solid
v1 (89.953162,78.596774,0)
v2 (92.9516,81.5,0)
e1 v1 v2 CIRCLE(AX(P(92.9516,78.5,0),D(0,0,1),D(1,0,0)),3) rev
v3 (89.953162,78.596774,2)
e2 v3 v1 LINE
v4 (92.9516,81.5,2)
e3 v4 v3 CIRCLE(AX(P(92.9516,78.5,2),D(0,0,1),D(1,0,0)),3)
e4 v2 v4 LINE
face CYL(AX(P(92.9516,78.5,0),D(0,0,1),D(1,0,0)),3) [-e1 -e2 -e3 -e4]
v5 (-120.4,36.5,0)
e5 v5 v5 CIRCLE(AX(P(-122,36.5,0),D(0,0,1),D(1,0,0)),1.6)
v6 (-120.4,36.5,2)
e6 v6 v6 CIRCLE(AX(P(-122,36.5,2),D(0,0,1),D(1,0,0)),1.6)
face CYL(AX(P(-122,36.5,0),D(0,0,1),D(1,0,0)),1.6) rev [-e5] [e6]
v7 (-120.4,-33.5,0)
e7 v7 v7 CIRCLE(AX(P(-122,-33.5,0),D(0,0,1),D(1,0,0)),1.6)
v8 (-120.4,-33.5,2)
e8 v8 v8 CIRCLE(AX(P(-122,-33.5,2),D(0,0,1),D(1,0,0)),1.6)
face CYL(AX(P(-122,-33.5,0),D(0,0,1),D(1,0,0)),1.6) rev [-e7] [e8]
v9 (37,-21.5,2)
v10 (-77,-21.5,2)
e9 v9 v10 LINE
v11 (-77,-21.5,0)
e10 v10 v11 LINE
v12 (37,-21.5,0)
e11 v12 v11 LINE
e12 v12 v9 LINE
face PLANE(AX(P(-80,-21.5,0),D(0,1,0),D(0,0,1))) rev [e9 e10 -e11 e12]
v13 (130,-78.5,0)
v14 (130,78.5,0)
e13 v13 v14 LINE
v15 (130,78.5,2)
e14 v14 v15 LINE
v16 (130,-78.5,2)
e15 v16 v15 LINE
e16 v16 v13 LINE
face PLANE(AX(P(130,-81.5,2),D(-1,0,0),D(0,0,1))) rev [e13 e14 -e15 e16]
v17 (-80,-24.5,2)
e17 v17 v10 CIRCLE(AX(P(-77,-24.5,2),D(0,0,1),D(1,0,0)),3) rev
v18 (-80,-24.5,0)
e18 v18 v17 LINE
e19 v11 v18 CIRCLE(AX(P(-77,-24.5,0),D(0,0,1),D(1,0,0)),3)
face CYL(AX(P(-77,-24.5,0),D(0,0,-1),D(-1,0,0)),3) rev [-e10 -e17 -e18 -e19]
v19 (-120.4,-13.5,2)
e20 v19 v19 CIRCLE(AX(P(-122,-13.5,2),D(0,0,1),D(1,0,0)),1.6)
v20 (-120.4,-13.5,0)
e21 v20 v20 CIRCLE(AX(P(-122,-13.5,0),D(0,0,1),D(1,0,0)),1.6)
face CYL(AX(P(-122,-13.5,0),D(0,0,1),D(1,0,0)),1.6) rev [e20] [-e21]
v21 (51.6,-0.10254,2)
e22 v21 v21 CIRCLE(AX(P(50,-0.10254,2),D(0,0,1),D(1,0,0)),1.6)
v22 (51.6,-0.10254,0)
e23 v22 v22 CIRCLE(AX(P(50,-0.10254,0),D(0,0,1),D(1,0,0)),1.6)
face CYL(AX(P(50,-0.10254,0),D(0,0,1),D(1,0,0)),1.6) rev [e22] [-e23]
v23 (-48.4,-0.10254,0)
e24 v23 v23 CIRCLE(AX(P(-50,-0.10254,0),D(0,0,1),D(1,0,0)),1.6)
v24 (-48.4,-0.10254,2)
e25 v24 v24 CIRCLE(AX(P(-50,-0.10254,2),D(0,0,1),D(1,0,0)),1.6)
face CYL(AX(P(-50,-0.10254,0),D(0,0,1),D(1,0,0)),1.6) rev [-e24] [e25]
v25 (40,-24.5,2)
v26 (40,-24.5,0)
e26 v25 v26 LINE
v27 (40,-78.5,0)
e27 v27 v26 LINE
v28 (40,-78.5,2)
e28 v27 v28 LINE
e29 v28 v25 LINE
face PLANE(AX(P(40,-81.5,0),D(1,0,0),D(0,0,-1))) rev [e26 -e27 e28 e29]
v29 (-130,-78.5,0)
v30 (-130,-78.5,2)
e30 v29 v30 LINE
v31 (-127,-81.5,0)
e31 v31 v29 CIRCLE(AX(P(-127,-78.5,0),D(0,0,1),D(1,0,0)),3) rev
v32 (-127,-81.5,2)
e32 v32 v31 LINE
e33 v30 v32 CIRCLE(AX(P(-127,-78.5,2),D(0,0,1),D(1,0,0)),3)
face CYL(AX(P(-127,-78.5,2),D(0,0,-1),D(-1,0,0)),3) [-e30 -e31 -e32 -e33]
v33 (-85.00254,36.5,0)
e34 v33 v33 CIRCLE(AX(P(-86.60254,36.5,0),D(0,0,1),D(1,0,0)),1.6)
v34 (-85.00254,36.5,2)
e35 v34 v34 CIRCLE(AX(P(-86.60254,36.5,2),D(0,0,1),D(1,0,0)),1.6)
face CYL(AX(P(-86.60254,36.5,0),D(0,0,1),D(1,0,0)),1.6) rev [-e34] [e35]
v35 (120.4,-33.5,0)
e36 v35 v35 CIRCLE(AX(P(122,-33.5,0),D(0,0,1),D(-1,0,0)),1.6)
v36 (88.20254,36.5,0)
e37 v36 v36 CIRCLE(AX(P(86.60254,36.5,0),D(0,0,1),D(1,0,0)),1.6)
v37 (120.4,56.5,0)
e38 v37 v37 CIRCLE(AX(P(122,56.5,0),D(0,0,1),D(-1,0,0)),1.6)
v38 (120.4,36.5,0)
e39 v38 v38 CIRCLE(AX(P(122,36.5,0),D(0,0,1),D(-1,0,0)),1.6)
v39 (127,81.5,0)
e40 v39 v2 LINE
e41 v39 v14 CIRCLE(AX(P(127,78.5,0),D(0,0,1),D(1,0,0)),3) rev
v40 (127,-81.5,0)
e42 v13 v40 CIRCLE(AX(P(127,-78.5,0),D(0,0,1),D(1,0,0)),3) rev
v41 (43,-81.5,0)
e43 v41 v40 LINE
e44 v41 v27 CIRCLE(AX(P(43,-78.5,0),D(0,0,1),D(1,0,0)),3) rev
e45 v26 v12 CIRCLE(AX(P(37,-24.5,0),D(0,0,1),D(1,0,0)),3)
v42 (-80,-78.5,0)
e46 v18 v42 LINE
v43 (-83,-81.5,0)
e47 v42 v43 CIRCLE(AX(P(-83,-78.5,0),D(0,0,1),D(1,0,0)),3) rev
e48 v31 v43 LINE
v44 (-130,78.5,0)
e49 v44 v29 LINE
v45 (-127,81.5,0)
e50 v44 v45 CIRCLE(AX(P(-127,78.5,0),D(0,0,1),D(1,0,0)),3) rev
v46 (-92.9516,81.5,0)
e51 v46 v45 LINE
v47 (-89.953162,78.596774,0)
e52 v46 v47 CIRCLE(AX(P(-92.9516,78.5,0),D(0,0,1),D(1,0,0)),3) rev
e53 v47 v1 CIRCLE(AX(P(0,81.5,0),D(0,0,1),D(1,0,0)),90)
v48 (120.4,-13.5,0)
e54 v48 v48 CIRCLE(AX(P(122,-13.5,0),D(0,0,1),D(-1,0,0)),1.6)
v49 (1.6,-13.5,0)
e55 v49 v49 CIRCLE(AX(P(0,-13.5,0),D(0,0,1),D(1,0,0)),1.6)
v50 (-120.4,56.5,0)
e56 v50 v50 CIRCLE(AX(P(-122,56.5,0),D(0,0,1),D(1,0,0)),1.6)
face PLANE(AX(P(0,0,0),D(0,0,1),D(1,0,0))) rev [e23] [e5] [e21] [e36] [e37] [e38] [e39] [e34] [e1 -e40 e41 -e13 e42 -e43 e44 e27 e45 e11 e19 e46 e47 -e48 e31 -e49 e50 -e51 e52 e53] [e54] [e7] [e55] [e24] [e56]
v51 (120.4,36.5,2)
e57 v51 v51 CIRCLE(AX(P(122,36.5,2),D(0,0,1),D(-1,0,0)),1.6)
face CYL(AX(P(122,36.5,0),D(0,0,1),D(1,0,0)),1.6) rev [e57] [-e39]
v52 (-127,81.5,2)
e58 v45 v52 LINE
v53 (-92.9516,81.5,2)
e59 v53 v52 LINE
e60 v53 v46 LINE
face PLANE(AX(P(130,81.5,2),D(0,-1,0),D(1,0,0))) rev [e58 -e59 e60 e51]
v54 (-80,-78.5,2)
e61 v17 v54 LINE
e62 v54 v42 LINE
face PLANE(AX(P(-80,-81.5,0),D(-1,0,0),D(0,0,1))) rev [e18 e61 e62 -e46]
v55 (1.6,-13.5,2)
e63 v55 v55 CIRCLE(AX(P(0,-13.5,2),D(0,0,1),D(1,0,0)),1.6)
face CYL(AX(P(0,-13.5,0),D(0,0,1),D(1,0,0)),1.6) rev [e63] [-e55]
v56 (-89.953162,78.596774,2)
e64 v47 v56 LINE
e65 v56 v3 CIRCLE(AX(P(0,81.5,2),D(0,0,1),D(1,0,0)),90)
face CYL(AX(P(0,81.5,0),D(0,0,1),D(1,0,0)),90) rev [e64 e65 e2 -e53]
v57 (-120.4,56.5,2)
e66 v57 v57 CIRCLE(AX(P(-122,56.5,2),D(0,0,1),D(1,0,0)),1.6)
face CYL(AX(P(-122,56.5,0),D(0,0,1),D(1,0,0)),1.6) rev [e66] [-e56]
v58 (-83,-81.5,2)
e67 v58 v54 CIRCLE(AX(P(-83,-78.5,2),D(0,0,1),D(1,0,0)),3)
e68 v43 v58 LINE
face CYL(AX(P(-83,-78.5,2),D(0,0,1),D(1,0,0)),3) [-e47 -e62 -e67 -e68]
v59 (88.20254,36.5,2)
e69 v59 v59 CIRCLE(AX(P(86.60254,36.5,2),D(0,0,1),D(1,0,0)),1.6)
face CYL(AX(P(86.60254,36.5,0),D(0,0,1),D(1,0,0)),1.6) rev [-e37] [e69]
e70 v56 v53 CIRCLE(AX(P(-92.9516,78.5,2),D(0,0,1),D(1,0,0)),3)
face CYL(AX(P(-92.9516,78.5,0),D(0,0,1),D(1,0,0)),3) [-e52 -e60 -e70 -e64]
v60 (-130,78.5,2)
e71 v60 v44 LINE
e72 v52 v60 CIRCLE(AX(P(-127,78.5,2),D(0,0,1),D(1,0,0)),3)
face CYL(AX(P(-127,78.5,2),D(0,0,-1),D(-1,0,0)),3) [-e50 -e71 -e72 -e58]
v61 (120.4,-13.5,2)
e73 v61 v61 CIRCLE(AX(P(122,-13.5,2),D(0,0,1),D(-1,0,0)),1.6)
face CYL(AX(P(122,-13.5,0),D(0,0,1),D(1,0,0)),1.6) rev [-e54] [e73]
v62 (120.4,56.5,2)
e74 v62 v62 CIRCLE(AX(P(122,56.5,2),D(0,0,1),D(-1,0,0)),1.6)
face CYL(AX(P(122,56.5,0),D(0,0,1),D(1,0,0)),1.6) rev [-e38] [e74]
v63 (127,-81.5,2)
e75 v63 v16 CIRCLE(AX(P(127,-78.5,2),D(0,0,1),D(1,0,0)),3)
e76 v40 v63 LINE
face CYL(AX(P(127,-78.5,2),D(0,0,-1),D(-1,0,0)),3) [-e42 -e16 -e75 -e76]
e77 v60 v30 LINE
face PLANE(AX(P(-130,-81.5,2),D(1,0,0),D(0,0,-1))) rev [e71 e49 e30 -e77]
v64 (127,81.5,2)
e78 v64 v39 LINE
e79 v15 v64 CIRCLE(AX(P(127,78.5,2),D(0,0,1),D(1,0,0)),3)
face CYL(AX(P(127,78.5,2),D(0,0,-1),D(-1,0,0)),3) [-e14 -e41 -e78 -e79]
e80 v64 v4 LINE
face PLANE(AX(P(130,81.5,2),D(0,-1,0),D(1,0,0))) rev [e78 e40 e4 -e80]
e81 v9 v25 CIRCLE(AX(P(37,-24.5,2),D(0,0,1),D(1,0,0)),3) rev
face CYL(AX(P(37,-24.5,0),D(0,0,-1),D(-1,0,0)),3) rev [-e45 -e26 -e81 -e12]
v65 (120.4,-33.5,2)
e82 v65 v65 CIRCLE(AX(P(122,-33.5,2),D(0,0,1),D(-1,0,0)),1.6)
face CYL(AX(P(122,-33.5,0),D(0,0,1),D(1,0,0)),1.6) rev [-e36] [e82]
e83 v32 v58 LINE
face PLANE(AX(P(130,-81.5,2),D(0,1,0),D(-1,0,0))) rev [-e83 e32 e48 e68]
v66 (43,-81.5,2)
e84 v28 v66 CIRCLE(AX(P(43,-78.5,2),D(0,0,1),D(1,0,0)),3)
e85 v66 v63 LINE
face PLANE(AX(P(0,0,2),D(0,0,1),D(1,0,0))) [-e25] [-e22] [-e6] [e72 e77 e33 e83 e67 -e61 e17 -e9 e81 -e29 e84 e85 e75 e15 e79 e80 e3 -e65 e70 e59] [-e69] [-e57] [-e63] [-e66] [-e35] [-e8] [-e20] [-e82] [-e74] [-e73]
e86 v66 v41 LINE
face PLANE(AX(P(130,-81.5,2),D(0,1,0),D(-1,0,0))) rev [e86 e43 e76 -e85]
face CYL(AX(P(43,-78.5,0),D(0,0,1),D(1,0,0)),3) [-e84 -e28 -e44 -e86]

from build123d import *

# Parameters (mm, degrees)
SKETCH_1_W          = 260
SKETCH_1_H          = 163
EXTRUDE_1_DEPTH     = 2
SKETCH_2_R          = 1.6
CUT_EXTRUDE_1_DEPTH = 2
FILLET_1_R          = 3
SKETCH_3_R          = 90
SKETCH_3_R_2        = 1.6
CUT_EXTRUDE_2_DEPTH = 2
SKETCH_4_W          = 120
SKETCH_4_H          = 60
CUT_EXTRUDE_3_DEPTH = 2
FILLET_2_R          = 3


with BuildPart() as part:
    # 草图1 → 凸台-拉伸1 (new body)
    with BuildSketch(Plane.XY):
        Rectangle(SKETCH_1_W, SKETCH_1_H)
    extrude(amount=EXTRUDE_1_DEPTH)

    # 草图2 → 切除-拉伸1 (cut)
    with BuildSketch(Plane.XY.offset(2)):
        with Locations((-122, -33.5)):
            Circle(SKETCH_2_R)
        with Locations((-122, -13.5)):
            Circle(SKETCH_2_R)
        with Locations((-122, 36.5)):
            Circle(SKETCH_2_R)
        with Locations((-122, 56.5)):
            Circle(SKETCH_2_R)
        with Locations(Location((122, 56.5, 0), (0, 0, 180))):
            Circle(SKETCH_2_R)
        with Locations(Location((122, 36.5, 0), (0, 0, 180))):
            Circle(SKETCH_2_R)
        with Locations(Location((122, -13.5, 0), (0, 0, 180))):
            Circle(SKETCH_2_R)
        with Locations(Location((122, -33.5, 0), (0, 0, 180))):
            Circle(SKETCH_2_R)
    extrude(amount=-CUT_EXTRUDE_1_DEPTH, mode=Mode.SUBTRACT)

    # 圆角1
    fillet_1_edges = [part.edges().sort_by_distance(p)[0] for p in [
        (-130, 81.5, 1),
        (130, 81.5, 1),
        (130, -81.5, 1),
        (-130, -81.5, 1),
    ]]
    fillet(fillet_1_edges, radius=FILLET_1_R)

    # 草图3 → 切除-拉伸2 (cut)
    with BuildSketch(Plane.XY.offset(2)):
        with Locations((0, 81.5)):
            Circle(SKETCH_3_R)
        with Locations((0, -13.5)):
            Circle(SKETCH_3_R_2)
        with Locations((-50, -0.102540378)):
            Circle(SKETCH_3_R_2)
        with Locations((-86.602540378, 36.5)):
            Circle(SKETCH_3_R_2)
        with Locations((86.602540378, 36.5)):
            Circle(SKETCH_3_R_2)
        with Locations((50, -0.102540378)):
            Circle(SKETCH_3_R_2)
    extrude(amount=-CUT_EXTRUDE_2_DEPTH, mode=Mode.SUBTRACT)

    # 草图4 → 切除-拉伸3 (cut)
    with BuildSketch(Plane.XY.offset(2)):
        with Locations((-20, -51.5)):
            Rectangle(SKETCH_4_W, SKETCH_4_H)
    extrude(amount=-CUT_EXTRUDE_3_DEPTH, mode=Mode.SUBTRACT)

    # 圆角2
    fillet_2_edges = [part.edges().sort_by_distance(p)[0] for p in [
        (-80, -81.5, 1),
        (-80, -21.5, 1),
        (40, -21.5, 1),
        (40, -81.5, 1),
        (90, 81.5, 1),
        (-90, 81.5, 1),
    ]]
    fillet(fillet_2_edges, radius=FILLET_2_R)


solid = part.part
